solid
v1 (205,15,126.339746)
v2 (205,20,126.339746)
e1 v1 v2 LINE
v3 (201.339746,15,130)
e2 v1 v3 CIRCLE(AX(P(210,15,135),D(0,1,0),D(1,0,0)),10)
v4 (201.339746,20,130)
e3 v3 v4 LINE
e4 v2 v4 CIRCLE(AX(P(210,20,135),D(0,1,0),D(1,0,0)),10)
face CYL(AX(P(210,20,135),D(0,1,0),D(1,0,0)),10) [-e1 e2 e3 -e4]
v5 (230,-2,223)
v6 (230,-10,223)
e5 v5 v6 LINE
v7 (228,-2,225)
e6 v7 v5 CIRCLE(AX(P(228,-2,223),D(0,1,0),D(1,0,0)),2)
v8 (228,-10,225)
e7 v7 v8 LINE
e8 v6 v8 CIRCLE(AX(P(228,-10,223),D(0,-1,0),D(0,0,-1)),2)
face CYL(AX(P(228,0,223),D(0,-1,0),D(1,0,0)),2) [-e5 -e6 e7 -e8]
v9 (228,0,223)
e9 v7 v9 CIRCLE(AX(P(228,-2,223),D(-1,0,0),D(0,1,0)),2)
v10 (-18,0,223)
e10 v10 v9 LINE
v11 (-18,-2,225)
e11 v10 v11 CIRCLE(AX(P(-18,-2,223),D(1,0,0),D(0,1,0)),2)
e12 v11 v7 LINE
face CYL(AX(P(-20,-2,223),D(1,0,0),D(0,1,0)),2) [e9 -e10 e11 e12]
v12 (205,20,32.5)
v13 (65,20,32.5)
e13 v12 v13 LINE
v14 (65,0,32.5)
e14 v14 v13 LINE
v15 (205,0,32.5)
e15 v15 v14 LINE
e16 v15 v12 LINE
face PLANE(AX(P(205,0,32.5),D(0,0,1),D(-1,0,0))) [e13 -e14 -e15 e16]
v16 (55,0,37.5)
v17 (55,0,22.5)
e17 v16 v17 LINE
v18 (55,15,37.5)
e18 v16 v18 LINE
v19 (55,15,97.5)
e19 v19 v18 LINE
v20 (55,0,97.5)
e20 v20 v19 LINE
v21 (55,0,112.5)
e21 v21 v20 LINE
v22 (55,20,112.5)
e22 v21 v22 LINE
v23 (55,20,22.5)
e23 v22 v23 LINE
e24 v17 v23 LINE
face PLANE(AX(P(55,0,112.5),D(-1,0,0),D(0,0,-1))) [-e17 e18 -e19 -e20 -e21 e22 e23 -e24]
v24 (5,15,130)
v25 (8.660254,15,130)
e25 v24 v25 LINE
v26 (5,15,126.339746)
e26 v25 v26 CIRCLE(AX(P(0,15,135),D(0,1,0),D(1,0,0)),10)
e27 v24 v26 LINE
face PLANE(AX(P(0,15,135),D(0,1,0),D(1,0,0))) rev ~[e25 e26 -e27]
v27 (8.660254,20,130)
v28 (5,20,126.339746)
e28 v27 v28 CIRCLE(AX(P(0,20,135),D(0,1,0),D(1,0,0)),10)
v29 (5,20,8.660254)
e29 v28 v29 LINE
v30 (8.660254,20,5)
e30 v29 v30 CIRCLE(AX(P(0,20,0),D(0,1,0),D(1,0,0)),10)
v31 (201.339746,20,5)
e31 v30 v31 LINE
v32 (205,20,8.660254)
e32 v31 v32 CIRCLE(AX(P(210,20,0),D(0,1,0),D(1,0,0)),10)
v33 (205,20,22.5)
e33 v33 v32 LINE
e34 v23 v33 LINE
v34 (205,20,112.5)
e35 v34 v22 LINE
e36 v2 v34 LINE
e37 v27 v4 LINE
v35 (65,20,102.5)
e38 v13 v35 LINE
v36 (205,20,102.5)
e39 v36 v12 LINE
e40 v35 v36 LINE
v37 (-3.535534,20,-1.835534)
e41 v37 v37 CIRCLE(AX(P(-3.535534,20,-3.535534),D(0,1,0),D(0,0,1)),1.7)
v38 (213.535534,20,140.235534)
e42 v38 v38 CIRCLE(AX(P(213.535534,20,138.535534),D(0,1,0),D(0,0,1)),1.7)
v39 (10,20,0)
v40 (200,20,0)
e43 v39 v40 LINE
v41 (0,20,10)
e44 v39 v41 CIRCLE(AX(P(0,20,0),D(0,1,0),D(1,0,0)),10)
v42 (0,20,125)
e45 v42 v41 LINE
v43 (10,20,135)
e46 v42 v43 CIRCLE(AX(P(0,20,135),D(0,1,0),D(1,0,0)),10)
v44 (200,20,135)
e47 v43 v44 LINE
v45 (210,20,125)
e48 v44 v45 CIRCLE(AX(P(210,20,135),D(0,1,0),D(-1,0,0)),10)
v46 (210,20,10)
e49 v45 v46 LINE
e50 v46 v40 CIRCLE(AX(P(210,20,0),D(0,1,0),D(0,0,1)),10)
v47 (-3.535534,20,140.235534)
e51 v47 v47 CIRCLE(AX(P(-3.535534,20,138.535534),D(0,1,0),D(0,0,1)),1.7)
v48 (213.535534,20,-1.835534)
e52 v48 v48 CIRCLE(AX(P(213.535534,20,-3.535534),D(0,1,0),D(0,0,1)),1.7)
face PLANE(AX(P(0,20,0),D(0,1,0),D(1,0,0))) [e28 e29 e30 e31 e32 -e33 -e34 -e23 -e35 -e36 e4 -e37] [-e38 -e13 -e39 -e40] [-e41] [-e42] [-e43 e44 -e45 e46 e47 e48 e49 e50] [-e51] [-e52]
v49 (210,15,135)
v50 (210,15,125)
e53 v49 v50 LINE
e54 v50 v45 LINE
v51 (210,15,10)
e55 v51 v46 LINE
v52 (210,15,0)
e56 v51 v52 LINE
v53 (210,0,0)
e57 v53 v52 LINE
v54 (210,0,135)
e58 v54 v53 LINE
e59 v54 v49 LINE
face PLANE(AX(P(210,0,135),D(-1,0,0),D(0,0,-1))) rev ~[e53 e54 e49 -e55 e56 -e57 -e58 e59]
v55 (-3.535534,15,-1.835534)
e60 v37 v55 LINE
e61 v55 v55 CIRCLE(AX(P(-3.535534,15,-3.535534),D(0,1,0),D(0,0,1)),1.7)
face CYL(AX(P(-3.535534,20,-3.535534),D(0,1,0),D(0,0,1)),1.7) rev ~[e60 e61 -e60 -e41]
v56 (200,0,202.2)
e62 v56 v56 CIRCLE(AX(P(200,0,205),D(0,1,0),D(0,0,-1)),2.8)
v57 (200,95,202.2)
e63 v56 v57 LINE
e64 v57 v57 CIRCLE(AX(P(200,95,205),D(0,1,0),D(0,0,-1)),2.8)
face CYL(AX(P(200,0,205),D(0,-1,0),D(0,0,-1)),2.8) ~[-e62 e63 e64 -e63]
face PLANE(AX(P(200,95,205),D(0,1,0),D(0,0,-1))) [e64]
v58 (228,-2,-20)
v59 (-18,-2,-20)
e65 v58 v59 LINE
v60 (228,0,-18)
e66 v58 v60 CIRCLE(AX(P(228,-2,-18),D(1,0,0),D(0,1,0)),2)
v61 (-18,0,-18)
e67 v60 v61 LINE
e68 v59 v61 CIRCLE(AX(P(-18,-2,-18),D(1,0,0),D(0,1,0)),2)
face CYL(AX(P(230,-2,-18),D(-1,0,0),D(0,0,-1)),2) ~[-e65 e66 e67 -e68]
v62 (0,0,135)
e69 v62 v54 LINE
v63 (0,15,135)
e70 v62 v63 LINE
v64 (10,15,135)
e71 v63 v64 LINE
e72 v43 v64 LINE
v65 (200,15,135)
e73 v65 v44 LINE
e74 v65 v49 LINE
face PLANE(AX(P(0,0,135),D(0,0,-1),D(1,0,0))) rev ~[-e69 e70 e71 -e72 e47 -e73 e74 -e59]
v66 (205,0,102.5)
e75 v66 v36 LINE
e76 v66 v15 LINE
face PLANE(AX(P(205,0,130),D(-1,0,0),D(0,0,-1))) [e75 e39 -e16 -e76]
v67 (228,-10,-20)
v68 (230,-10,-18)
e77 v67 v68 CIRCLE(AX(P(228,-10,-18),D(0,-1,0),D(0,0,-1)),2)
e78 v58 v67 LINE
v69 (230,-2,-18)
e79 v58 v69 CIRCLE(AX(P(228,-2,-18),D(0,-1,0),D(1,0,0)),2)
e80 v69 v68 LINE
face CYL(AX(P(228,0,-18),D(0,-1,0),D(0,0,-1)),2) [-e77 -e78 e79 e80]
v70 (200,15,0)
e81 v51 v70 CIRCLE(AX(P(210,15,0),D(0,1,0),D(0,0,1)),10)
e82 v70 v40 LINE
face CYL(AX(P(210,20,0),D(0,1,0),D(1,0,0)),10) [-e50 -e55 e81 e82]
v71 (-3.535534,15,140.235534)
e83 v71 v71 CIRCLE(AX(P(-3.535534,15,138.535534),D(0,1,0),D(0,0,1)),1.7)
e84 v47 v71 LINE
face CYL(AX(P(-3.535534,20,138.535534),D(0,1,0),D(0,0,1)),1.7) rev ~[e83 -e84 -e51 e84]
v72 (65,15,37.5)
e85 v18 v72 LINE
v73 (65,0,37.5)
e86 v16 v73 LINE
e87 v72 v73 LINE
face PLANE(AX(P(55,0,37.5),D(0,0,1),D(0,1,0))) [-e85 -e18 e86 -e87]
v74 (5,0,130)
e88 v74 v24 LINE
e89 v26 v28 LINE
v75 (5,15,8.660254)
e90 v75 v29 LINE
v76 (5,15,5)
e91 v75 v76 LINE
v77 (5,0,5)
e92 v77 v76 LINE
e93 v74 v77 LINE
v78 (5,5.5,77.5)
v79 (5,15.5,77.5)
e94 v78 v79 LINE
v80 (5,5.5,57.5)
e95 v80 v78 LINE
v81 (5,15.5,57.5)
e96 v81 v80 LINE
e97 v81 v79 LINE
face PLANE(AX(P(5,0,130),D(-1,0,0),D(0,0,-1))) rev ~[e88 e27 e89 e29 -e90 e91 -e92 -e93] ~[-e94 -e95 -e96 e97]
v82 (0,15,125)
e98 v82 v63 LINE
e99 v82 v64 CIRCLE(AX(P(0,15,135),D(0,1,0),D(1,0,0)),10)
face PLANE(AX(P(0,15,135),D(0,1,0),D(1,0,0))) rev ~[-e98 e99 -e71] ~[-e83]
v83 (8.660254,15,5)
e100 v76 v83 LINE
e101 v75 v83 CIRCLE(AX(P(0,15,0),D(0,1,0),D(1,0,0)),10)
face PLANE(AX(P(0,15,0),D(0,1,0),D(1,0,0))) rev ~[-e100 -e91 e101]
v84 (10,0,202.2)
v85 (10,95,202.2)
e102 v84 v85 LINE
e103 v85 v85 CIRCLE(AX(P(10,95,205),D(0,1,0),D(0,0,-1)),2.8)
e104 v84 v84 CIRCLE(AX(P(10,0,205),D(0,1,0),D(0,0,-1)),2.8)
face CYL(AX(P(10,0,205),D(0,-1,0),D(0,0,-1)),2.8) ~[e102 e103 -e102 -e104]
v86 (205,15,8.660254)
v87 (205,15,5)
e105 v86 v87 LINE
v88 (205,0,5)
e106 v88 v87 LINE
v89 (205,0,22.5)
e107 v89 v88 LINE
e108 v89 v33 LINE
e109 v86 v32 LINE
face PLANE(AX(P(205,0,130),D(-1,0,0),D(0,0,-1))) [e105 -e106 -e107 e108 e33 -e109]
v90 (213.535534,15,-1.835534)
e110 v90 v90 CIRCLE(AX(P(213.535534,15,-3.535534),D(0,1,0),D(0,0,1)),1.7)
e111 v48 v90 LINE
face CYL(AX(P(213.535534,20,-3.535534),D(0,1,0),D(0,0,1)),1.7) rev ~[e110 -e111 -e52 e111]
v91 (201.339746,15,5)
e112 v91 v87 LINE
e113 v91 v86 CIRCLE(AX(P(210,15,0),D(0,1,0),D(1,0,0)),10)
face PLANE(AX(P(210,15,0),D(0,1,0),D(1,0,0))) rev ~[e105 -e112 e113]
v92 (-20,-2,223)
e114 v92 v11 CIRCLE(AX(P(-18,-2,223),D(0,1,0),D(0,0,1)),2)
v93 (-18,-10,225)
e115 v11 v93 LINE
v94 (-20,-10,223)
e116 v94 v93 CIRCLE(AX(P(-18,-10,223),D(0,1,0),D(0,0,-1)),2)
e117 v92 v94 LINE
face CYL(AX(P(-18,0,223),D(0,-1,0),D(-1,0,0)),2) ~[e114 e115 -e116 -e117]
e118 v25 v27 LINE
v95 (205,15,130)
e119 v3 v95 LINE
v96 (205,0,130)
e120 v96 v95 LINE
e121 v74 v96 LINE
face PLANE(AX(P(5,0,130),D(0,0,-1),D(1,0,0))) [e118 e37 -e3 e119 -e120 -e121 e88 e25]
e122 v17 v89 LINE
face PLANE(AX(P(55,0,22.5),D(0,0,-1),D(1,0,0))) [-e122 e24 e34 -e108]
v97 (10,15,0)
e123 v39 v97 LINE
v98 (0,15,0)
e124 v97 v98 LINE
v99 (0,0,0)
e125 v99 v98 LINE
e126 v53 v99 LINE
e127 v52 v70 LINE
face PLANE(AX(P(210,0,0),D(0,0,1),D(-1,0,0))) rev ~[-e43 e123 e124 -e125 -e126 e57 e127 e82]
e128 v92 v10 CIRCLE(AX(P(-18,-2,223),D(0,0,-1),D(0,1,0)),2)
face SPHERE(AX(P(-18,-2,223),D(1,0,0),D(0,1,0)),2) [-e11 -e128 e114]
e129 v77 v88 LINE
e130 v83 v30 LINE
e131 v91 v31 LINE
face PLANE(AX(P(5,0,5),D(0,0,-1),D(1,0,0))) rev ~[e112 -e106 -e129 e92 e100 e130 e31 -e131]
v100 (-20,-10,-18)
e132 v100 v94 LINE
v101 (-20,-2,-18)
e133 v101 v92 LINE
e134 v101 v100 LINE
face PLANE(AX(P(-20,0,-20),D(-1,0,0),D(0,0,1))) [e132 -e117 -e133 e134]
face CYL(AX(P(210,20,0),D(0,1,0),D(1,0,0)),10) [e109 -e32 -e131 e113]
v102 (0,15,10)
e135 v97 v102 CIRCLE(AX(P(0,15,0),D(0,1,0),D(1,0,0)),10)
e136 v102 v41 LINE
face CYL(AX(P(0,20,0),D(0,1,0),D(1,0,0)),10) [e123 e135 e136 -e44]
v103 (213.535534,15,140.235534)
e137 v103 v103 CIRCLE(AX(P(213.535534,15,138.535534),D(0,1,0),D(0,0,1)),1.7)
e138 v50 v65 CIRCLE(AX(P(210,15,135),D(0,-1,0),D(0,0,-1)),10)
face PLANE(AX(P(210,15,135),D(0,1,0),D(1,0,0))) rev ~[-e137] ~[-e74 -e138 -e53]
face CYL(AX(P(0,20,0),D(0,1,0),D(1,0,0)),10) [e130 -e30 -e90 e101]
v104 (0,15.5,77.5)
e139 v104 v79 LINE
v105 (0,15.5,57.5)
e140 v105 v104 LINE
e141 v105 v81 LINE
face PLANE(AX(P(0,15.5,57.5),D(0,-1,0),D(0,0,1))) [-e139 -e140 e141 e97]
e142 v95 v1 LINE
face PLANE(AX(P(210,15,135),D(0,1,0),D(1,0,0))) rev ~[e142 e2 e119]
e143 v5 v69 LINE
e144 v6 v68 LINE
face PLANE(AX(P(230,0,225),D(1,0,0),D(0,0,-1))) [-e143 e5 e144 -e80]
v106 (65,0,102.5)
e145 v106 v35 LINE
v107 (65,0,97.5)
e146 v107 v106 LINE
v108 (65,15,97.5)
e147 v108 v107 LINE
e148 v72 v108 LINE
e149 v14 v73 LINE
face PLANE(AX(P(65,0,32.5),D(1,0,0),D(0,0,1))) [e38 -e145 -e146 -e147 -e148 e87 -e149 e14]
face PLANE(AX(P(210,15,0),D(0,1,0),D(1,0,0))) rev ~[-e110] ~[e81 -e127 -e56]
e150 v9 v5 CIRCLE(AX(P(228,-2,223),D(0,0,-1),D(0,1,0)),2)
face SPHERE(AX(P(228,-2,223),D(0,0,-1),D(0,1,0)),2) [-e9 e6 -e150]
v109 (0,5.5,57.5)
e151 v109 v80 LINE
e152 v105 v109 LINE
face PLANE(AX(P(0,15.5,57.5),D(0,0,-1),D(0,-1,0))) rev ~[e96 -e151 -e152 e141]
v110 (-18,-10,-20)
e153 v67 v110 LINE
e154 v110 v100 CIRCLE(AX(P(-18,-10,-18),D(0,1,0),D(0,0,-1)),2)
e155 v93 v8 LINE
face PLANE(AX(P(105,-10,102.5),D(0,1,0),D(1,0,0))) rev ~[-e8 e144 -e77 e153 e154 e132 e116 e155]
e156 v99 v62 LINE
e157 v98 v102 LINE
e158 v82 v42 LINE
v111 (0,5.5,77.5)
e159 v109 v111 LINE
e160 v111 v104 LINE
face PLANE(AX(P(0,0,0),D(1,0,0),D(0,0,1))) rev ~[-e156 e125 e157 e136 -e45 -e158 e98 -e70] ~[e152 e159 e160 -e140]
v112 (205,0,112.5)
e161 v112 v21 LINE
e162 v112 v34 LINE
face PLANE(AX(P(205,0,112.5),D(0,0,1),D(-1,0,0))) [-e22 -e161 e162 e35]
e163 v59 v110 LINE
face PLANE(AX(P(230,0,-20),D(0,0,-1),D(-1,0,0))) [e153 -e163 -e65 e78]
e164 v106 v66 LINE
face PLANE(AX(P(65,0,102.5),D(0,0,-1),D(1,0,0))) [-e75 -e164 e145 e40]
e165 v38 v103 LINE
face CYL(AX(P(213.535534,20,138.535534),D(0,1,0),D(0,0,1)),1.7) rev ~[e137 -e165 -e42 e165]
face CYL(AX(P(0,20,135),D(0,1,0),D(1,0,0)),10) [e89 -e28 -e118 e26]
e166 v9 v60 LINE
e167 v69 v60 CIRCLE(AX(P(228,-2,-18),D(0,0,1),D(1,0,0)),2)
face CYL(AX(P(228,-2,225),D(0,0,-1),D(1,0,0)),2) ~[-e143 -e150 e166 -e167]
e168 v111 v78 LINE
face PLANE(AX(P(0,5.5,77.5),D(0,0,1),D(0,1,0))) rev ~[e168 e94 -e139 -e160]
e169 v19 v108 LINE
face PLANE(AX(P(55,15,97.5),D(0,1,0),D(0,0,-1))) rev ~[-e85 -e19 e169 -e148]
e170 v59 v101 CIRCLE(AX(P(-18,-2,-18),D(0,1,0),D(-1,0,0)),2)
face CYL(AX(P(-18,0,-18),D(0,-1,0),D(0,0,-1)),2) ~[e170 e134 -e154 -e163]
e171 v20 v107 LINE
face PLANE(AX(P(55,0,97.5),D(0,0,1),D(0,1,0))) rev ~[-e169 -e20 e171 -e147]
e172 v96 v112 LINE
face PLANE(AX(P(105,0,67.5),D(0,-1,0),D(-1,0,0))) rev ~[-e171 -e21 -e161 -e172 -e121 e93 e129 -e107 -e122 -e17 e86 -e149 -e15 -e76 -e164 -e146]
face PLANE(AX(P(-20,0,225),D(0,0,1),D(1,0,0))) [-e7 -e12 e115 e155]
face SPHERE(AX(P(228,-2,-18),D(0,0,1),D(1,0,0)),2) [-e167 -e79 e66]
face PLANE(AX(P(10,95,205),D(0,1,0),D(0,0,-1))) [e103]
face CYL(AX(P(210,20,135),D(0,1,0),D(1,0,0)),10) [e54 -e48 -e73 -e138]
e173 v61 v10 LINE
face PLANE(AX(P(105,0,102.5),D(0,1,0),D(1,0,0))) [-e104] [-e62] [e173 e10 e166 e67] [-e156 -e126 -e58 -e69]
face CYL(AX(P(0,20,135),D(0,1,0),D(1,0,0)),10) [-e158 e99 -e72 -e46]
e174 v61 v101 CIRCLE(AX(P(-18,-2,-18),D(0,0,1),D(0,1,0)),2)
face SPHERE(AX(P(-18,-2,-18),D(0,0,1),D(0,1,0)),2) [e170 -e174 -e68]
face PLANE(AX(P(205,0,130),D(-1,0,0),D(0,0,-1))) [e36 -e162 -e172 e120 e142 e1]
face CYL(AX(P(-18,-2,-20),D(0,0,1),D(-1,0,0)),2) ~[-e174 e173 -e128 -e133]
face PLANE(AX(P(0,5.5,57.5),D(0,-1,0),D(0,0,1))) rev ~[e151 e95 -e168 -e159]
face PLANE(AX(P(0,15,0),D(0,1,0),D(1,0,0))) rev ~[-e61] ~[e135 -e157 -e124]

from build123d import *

# Parameters (mm, degrees)
SKETCH1_W           = 200
SKETCH1_H           = 125
BOSS_EXTRUDE3_DEPTH = 40
BOSS_EXTRUDE4_DEPTH = 10
EXTRUDE_THIN1_DEPTH = 40
SKETCH5_W           = 30
SKETCH5_H           = 15
CUT_EXTRUDE2_DEPTH  = 40
SKETCH6_W           = 210
SKETCH6_H           = 135
CUT_EXTRUDE3_DEPTH  = 20
SKETCH7_R           = 10
BOSS_EXTRUDE5_DEPTH = 5
SKETCH8_R           = 1.7
CUT_EXTRUDE5_DEPTH  = 5
SKETCH9_W           = 10
SKETCH9_H           = 5
CUT_EXTRUDE6_DEPTH  = 10
SKETCH10_W          = 230
SKETCH10_H          = 155
BOSS_EXTRUDE6_DEPTH = 10
SKETCH14_R          = 2.8
BOSS_EXTRUDE7_DEPTH = 95
FILLET1_R           = 2


with BuildPart() as part:
    # Sketch1 → Boss-Extrude3 (new body)
    with BuildSketch(Plane(origin=(0, 0, 0), x_dir=(1, 0, 0), z_dir=(0, 1, 0))):
        Polygon((5, 0), (0, 0), (0, -135), (210, -135), (210, 0), align=None)
        with Locations((105, -67.5)):
            Rectangle(SKETCH1_W, SKETCH1_H, mode=Mode.SUBTRACT)
    extrude(amount=BOSS_EXTRUDE3_DEPTH)

    # Sketch3 → Boss-Extrude4 (add)
    with BuildSketch(Plane(origin=(0, 0, 0), x_dir=(-1, 0, 0), z_dir=(0, -1, 0))):
        Polygon((-220, -145), (0, -145), (10, -145), (10, 10), (-220, 10), align=None)
    extrude(amount=BOSS_EXTRUDE4_DEPTH)

    # Sketch4 → Extrude-Thin1 (add)
    with BuildSketch(Plane(origin=(0, 0, 0), x_dir=(1, 0, 0), z_dir=(0, 1, 0))):
        Polygon((205, -32.5), (65, -32.5), (65, -102.5), (205, -102.5), (205, -112.5), (55, -112.5), (55, -22.5), (205, -22.5), align=None)
    extrude(amount=EXTRUDE_THIN1_DEPTH)

    # Sketch5 → Cut-Extrude2 (cut)
    with BuildSketch(Plane.ZY.offset(-55)):
        with Locations((82.5, 7.5)):
            Rectangle(SKETCH5_W, SKETCH5_H)
        with Locations((52.5, 7.5)):
            Rectangle(SKETCH5_W, SKETCH5_H)
    extrude(amount=-CUT_EXTRUDE2_DEPTH, mode=Mode.SUBTRACT)

    # Sketch6 → Cut-Extrude3 (cut)
    with BuildSketch(Plane(origin=(0, 40, 0), x_dir=(1, 0, 0), z_dir=(0, 1, 0))):
        with Locations((105, -67.5)):
            Rectangle(SKETCH6_W, SKETCH6_H)
    extrude(amount=-CUT_EXTRUDE3_DEPTH, mode=Mode.SUBTRACT)

    # Sketch7 → Boss-Extrude5 (add)
    with BuildSketch(Plane(origin=(0, 20, 0), x_dir=(1, 0, 0), z_dir=(0, 1, 0))):
        Circle(SKETCH7_R)
        with Locations((210, 0)):
            Circle(SKETCH7_R)
        with Locations((210, -135)):
            Circle(SKETCH7_R)
        with Locations((0, -135)):
            Circle(SKETCH7_R)
    extrude(amount=-BOSS_EXTRUDE5_DEPTH)

    # Sketch8 → Cut-Extrude5 (cut)
    with BuildSketch(Plane(origin=(0, 20, 0), x_dir=(1, 0, 0), z_dir=(0, 1, 0))):
        with Locations(Location((-3.535533906, 3.535533906, 0), (0, 0, 270))):
            Circle(SKETCH8_R)
        with Locations(Location((213.535533906, 3.535533906, 0), (0, 0, 270))):
            Circle(SKETCH8_R)
        with Locations(Location((213.535533906, -138.535533906, 0), (0, 0, 270))):
            Circle(SKETCH8_R)
        with Locations(Location((-3.535533906, -138.535533906, 0), (0, 0, 270))):
            Circle(SKETCH8_R)
    extrude(amount=-CUT_EXTRUDE5_DEPTH, mode=Mode.SUBTRACT)

    # Sketch9 → Cut-Extrude6 (cut)
    with BuildSketch(Plane.ZY):
        Polygon((77.5, 15.5), (77.5, 10.5), (67.5, 10.5), (57.5, 10.5), (57.5, 15.5), align=None)
        with Locations((72.5, 8)):
            Rectangle(SKETCH9_W, SKETCH9_H)
        with Locations((62.5, 8)):
            Rectangle(SKETCH9_W, SKETCH9_H)
    extrude(amount=-CUT_EXTRUDE6_DEPTH, mode=Mode.SUBTRACT)

    # Sketch10 → Boss-Extrude6 (add)
    with BuildSketch(Plane(origin=(0, 0, 0), x_dir=(1, 0, 0), z_dir=(0, 1, 0))):
        Polygon((230, 20), (-10, 20), (-20, 20), (-20, -225), (230, -225), align=None)
        with Locations((105, -67.5)):
            Rectangle(SKETCH10_W, SKETCH10_H, mode=Mode.SUBTRACT)
    extrude(amount=-BOSS_EXTRUDE6_DEPTH)

    # Sketch14 → Boss-Extrude7 (add)
    with BuildSketch(Plane(origin=(0, 0, 0), x_dir=(1, 0, 0), z_dir=(0, 1, 0))):
        with Locations(Location((10, -205, 0), (0, 0, 90))):
            Circle(SKETCH14_R)
        with Locations(Location((200, -205, 0), (0, 0, 90))):
            Circle(SKETCH14_R)
    extrude(amount=BOSS_EXTRUDE7_DEPTH)

    # Fillet1
    fillet1_edges = [part.edges().sort_by_distance(p)[0] for p in [
        (230, 0, 102.5),
        (230, -5, -20),
        (105, 0, 225),
        (230, -5, 225),
        (-20, 0, 102.5),
        (-20, -5, 225),
        (105, 0, -20),
        (-20, -5, -20),
    ]]
    fillet(fillet1_edges, radius=FILLET1_R)


solid = part.part
